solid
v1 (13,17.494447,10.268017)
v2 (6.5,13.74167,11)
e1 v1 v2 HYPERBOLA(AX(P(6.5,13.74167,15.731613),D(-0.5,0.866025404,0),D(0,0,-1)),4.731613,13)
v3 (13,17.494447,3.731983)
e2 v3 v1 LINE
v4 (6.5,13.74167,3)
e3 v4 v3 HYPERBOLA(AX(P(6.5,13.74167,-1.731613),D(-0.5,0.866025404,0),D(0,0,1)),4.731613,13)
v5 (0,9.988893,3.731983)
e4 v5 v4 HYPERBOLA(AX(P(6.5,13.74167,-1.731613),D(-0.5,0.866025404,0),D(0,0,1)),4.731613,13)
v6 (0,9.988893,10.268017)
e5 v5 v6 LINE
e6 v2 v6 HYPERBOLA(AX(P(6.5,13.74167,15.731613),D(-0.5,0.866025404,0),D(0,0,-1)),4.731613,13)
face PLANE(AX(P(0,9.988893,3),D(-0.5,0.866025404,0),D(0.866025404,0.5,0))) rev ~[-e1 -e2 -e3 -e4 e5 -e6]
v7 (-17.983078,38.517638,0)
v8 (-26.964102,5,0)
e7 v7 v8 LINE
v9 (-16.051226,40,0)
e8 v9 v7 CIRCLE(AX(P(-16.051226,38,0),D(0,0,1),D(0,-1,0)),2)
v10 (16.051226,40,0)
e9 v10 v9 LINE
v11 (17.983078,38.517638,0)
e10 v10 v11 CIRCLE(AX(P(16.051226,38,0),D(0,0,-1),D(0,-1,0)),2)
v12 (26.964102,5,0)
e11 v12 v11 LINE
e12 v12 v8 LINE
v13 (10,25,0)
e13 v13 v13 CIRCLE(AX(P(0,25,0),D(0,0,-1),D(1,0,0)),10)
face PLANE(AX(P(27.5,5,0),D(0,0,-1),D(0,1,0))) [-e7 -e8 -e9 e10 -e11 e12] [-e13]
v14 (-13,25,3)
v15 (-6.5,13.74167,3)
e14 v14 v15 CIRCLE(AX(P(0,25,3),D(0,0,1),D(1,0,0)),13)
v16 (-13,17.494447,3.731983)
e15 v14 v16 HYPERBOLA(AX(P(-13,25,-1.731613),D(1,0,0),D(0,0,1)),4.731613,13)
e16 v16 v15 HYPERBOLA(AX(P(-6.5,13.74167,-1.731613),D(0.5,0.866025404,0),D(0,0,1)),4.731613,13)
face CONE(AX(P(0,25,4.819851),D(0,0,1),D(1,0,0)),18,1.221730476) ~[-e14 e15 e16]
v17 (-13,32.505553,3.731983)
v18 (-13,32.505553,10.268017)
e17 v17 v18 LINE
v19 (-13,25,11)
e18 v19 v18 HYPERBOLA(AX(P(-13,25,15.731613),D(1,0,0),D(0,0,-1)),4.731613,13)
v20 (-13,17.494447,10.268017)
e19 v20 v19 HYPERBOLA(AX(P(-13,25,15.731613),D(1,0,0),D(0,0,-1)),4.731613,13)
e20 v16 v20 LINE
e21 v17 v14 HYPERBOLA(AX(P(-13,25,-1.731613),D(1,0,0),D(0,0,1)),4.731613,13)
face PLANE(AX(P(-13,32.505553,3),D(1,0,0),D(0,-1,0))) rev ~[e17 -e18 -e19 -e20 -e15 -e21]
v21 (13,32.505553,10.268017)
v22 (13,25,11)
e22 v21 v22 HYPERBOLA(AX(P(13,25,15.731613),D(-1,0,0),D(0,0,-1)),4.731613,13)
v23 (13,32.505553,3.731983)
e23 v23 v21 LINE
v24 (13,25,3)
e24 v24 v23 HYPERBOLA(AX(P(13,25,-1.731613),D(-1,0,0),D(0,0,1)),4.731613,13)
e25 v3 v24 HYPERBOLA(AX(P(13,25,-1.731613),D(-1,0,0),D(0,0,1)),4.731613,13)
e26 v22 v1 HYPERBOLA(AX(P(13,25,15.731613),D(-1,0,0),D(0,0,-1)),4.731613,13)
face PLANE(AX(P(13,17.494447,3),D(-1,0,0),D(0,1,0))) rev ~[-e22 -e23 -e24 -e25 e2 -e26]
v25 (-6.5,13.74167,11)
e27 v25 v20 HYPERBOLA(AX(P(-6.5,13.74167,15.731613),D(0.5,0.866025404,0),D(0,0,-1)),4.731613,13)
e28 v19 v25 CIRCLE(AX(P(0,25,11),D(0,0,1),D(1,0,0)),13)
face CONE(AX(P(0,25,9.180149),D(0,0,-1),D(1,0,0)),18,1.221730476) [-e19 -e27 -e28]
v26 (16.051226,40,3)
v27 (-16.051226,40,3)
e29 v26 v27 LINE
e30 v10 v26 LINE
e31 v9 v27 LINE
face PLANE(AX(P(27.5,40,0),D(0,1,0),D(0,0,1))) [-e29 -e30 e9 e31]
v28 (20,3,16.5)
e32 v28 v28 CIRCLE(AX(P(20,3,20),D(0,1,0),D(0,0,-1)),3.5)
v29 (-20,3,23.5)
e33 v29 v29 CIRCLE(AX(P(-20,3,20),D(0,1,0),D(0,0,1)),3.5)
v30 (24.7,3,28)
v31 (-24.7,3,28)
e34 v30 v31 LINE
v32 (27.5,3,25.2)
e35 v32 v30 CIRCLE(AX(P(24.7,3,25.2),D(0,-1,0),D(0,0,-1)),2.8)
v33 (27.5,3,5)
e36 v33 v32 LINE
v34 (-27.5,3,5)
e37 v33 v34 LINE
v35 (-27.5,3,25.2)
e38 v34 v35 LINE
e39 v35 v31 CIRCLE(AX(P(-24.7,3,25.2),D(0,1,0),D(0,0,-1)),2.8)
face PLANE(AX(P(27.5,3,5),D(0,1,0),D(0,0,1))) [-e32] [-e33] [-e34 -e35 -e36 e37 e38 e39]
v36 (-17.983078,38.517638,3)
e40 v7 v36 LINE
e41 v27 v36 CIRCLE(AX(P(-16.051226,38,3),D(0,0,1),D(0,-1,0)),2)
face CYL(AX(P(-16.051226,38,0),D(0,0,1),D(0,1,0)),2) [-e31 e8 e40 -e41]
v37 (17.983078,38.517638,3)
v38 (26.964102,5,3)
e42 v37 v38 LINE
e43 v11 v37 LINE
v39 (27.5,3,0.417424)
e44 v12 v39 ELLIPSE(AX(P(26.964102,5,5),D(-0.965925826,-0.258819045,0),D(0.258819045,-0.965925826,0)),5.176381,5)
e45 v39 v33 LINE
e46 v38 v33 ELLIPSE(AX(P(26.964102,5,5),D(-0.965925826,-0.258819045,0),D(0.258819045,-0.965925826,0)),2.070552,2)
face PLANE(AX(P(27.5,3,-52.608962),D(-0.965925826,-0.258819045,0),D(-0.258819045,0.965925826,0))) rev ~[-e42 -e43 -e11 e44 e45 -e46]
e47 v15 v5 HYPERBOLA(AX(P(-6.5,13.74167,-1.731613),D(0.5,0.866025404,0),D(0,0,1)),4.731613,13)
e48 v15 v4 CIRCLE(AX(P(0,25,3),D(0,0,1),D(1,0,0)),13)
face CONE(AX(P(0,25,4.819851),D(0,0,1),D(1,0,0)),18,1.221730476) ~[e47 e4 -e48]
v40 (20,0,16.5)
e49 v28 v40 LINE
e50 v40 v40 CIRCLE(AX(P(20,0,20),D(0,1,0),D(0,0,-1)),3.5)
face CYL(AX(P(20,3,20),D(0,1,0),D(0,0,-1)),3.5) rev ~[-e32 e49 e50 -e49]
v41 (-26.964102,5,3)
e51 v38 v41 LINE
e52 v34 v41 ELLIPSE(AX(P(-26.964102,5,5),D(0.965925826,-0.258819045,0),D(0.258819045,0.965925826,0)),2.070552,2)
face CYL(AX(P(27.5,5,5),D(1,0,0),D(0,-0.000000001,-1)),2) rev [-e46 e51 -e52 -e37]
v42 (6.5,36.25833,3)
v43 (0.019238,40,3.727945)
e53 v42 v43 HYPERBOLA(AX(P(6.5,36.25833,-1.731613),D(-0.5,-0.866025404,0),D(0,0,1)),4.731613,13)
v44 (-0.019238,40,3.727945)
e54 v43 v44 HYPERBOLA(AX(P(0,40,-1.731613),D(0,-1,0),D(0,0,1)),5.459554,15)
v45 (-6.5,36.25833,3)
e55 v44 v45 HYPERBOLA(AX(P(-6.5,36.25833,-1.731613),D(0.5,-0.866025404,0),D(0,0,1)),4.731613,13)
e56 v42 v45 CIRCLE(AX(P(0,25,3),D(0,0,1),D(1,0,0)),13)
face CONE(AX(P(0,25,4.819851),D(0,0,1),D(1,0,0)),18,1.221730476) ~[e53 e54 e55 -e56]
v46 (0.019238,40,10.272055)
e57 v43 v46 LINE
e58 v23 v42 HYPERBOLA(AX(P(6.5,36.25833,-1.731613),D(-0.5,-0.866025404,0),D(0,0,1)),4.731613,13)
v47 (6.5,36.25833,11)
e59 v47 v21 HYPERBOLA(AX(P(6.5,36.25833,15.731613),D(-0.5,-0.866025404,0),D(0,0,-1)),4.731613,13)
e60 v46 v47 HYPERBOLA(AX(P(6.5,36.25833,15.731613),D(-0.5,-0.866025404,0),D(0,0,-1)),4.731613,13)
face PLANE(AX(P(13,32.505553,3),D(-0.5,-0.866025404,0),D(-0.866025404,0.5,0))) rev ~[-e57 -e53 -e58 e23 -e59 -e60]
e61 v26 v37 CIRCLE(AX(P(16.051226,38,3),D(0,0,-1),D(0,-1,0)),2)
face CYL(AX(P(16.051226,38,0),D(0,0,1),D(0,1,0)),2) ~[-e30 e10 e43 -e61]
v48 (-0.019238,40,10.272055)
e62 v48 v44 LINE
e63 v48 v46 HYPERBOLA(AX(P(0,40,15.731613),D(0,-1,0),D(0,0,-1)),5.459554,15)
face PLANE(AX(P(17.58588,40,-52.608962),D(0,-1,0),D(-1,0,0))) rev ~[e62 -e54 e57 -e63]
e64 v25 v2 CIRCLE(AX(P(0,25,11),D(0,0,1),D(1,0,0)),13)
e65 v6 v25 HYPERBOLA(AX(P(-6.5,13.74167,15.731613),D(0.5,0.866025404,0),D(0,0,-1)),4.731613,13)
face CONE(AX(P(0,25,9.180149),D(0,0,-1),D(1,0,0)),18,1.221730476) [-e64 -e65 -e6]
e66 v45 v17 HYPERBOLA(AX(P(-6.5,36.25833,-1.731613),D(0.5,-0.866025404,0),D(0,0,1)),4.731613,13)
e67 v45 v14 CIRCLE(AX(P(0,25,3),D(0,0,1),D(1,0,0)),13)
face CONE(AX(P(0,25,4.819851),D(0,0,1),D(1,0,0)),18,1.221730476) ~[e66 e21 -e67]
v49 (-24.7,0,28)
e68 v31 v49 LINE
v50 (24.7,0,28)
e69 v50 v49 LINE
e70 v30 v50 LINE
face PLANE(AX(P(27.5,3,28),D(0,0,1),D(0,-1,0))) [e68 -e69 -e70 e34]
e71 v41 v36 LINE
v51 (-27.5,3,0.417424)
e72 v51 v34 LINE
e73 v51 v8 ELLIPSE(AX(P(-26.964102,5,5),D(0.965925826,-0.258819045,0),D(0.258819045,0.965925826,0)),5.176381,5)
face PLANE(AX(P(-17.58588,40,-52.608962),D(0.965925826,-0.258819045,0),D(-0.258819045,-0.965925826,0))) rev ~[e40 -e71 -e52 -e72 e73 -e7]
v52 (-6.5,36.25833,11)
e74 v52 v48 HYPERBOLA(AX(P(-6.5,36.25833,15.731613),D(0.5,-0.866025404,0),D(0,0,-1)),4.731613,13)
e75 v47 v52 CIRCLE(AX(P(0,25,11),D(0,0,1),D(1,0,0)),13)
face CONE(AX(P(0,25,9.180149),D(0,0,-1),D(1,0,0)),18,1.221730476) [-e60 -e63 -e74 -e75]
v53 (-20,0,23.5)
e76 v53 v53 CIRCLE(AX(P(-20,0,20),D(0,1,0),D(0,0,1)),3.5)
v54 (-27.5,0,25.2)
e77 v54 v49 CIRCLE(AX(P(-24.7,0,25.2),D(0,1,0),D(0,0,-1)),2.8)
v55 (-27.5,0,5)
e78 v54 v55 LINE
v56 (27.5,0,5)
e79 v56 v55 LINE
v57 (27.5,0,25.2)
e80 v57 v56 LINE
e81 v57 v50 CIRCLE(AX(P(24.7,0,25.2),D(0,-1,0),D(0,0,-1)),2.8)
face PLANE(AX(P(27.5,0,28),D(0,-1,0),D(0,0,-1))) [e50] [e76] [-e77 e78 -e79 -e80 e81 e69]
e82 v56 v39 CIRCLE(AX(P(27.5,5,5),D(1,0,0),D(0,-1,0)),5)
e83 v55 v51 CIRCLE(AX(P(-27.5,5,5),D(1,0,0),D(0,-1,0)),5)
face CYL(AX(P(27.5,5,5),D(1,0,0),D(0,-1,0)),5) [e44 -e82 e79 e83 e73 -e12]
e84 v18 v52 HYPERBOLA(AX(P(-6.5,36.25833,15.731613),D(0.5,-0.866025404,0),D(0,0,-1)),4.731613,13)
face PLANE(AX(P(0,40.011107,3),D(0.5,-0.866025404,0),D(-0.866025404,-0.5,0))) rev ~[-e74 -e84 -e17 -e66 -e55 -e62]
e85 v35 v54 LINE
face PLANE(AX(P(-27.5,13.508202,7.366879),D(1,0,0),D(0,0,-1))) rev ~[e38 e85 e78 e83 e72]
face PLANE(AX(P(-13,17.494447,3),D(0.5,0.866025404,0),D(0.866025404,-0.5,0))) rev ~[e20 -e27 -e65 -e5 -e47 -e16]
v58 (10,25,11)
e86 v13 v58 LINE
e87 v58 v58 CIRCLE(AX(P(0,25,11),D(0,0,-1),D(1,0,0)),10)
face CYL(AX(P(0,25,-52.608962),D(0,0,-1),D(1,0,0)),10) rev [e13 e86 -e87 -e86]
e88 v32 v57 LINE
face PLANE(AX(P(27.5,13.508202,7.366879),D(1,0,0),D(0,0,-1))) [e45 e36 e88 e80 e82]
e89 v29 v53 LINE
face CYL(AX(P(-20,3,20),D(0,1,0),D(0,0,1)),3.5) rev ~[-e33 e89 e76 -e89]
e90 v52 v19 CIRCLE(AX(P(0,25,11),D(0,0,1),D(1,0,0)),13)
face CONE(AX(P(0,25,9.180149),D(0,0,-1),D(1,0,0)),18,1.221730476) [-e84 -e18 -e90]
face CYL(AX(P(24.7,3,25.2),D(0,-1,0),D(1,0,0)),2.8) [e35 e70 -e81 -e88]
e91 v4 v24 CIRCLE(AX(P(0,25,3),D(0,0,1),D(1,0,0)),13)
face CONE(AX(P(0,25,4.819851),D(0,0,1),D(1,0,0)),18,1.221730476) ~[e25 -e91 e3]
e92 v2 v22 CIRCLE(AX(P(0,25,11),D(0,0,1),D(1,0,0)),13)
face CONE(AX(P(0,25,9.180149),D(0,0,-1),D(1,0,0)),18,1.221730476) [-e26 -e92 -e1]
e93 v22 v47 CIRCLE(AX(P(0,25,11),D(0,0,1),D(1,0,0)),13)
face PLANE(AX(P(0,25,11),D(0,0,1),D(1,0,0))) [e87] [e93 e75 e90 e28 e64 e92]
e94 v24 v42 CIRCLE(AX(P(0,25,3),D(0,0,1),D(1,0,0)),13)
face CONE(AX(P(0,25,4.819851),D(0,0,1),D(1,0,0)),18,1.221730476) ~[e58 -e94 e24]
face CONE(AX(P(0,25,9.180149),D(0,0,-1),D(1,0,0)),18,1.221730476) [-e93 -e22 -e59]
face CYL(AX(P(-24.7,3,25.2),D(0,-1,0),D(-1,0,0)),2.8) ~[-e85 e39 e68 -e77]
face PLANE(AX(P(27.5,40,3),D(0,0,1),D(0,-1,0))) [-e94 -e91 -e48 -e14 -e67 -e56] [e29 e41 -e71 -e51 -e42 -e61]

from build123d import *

# Parameters (mm, degrees)
EXTRUDE_START            = 27.5
EXTRUDE_1_DEPTH          = 55
EXTRUDE_2_DEPTH          = 8
CUT_EXTRUDE_1_DEPTH      = 55.608961566
CUT_EXTRUDE_1_DEPTH_BACK = 55.608961566
SKETCH_4_R               = 10
CUT_EXTRUDE_2_DEPTH      = 55.608961566
CUT_EXTRUDE_2_DEPTH_BACK = 55.608961566
SKETCH_6_R               = 3.5
CUT_EXTRUDE_3_DEPTH      = 54.937463789
FILLET_1_R               = 2
FILLET_2_R               = 2.8


with BuildPart() as part:
    # 草图3 → 凸台-拉伸1 (new body)
    with BuildSketch(Plane(origin=(0, 0, 0), x_dir=(0, 0, -1), z_dir=(1, 0, 0)).offset(EXTRUDE_START)):
        with BuildLine():
            Line((-28, 0), (-5, 0))
            ThreePointArc((-5, 0), (-1.464466094, 1.464466094), (0, 5))
            Line((0, 5), (0, 40))
            Line((0, 40), (-3, 40))
            Line((-3, 40), (-3, 5))
            ThreePointArc((-3, 5), (-3.585786438, 3.585786438), (-5, 3))
            Line((-5, 3), (-28, 3))
            Line((-28, 3), (-28, 0))
        make_face()
    extrude(amount=-EXTRUDE_1_DEPTH)

    # 草图7 → 凸台-拉伸2 (add)
    with BuildSketch(Plane.XY.offset(3)):
        Polygon((0, 40.011106999), (-13, 32.505553499), (-13, 17.494446501), (0, 9.988893001), (13, 17.494446501), (13, 32.505553499), align=None)
    extrude(amount=EXTRUDE_2_DEPTH)

    # 草图4 → 切除-拉伸1 (cut, two sides: drawn at the far end of the back side and taken through both)
    with BuildSketch(Plane.XY.offset(3).offset(-CUT_EXTRUDE_1_DEPTH_BACK)):
        with Locations((0, 25)):
            Circle(SKETCH_4_R)
    extrude(amount=CUT_EXTRUDE_1_DEPTH + CUT_EXTRUDE_1_DEPTH_BACK, mode=Mode.SUBTRACT)

    # 草图8 → 切除-旋转1 (revolve, cut)
    with BuildSketch(Plane(origin=(0, 25, 0), x_dir=(-1, 0, 0), z_dir=(0, 1, 0))):
        Polygon((-13, 11), (-18, 11), (-18, 9.180148829), align=None)
        Polygon((-18, 3), (-18, 4.819851171), (-13, 3), align=None)
    revolve(axis=Axis((0, 25, 0), (0, 0, 1)), mode=Mode.SUBTRACT)

    # 草图5 → 切除-拉伸2 (cut, two sides: drawn at the far end of the back side and taken through both)
    with BuildSketch(Plane.XY.offset(3).offset(-CUT_EXTRUDE_2_DEPTH_BACK)):
        Polygon((-17.58587988, 40), (-27.5, 3), (-27.5, 50), (27.5, 50), (27.5, 3), (17.58587988, 40), align=None)
    extrude(amount=CUT_EXTRUDE_2_DEPTH + CUT_EXTRUDE_2_DEPTH_BACK, mode=Mode.SUBTRACT)

    # 草图6 → 切除-拉伸3 (cut, through all)
    with BuildSketch(Plane(origin=(0, 3, 0), x_dir=(1, 0, 0), z_dir=(0, 1, 0))):
        with Locations(Location((-20, -20, 0), (0, 0, 270))):
            Circle(SKETCH_6_R)
        with Locations(Location((20, -20, 0), (0, 0, 90))):
            Circle(SKETCH_6_R)
    extrude(amount=-CUT_EXTRUDE_3_DEPTH, mode=Mode.SUBTRACT)

    # 圆角1
    fillet_1_edges = [part.edges().sort_by_distance(p)[0] for p in [
        (17.58587988, 40, 1.5),
        (-17.58587988, 40, 1.5),
    ]]
    fillet(fillet_1_edges, radius=FILLET_1_R)

    # 圆角2
    fillet_2_edges = [part.edges().sort_by_distance(p)[0] for p in [
        (27.5, 1.5, 28),
        (-27.5, 1.5, 28),
    ]]
    fillet(fillet_2_edges, radius=FILLET_2_R)


solid = part.part
